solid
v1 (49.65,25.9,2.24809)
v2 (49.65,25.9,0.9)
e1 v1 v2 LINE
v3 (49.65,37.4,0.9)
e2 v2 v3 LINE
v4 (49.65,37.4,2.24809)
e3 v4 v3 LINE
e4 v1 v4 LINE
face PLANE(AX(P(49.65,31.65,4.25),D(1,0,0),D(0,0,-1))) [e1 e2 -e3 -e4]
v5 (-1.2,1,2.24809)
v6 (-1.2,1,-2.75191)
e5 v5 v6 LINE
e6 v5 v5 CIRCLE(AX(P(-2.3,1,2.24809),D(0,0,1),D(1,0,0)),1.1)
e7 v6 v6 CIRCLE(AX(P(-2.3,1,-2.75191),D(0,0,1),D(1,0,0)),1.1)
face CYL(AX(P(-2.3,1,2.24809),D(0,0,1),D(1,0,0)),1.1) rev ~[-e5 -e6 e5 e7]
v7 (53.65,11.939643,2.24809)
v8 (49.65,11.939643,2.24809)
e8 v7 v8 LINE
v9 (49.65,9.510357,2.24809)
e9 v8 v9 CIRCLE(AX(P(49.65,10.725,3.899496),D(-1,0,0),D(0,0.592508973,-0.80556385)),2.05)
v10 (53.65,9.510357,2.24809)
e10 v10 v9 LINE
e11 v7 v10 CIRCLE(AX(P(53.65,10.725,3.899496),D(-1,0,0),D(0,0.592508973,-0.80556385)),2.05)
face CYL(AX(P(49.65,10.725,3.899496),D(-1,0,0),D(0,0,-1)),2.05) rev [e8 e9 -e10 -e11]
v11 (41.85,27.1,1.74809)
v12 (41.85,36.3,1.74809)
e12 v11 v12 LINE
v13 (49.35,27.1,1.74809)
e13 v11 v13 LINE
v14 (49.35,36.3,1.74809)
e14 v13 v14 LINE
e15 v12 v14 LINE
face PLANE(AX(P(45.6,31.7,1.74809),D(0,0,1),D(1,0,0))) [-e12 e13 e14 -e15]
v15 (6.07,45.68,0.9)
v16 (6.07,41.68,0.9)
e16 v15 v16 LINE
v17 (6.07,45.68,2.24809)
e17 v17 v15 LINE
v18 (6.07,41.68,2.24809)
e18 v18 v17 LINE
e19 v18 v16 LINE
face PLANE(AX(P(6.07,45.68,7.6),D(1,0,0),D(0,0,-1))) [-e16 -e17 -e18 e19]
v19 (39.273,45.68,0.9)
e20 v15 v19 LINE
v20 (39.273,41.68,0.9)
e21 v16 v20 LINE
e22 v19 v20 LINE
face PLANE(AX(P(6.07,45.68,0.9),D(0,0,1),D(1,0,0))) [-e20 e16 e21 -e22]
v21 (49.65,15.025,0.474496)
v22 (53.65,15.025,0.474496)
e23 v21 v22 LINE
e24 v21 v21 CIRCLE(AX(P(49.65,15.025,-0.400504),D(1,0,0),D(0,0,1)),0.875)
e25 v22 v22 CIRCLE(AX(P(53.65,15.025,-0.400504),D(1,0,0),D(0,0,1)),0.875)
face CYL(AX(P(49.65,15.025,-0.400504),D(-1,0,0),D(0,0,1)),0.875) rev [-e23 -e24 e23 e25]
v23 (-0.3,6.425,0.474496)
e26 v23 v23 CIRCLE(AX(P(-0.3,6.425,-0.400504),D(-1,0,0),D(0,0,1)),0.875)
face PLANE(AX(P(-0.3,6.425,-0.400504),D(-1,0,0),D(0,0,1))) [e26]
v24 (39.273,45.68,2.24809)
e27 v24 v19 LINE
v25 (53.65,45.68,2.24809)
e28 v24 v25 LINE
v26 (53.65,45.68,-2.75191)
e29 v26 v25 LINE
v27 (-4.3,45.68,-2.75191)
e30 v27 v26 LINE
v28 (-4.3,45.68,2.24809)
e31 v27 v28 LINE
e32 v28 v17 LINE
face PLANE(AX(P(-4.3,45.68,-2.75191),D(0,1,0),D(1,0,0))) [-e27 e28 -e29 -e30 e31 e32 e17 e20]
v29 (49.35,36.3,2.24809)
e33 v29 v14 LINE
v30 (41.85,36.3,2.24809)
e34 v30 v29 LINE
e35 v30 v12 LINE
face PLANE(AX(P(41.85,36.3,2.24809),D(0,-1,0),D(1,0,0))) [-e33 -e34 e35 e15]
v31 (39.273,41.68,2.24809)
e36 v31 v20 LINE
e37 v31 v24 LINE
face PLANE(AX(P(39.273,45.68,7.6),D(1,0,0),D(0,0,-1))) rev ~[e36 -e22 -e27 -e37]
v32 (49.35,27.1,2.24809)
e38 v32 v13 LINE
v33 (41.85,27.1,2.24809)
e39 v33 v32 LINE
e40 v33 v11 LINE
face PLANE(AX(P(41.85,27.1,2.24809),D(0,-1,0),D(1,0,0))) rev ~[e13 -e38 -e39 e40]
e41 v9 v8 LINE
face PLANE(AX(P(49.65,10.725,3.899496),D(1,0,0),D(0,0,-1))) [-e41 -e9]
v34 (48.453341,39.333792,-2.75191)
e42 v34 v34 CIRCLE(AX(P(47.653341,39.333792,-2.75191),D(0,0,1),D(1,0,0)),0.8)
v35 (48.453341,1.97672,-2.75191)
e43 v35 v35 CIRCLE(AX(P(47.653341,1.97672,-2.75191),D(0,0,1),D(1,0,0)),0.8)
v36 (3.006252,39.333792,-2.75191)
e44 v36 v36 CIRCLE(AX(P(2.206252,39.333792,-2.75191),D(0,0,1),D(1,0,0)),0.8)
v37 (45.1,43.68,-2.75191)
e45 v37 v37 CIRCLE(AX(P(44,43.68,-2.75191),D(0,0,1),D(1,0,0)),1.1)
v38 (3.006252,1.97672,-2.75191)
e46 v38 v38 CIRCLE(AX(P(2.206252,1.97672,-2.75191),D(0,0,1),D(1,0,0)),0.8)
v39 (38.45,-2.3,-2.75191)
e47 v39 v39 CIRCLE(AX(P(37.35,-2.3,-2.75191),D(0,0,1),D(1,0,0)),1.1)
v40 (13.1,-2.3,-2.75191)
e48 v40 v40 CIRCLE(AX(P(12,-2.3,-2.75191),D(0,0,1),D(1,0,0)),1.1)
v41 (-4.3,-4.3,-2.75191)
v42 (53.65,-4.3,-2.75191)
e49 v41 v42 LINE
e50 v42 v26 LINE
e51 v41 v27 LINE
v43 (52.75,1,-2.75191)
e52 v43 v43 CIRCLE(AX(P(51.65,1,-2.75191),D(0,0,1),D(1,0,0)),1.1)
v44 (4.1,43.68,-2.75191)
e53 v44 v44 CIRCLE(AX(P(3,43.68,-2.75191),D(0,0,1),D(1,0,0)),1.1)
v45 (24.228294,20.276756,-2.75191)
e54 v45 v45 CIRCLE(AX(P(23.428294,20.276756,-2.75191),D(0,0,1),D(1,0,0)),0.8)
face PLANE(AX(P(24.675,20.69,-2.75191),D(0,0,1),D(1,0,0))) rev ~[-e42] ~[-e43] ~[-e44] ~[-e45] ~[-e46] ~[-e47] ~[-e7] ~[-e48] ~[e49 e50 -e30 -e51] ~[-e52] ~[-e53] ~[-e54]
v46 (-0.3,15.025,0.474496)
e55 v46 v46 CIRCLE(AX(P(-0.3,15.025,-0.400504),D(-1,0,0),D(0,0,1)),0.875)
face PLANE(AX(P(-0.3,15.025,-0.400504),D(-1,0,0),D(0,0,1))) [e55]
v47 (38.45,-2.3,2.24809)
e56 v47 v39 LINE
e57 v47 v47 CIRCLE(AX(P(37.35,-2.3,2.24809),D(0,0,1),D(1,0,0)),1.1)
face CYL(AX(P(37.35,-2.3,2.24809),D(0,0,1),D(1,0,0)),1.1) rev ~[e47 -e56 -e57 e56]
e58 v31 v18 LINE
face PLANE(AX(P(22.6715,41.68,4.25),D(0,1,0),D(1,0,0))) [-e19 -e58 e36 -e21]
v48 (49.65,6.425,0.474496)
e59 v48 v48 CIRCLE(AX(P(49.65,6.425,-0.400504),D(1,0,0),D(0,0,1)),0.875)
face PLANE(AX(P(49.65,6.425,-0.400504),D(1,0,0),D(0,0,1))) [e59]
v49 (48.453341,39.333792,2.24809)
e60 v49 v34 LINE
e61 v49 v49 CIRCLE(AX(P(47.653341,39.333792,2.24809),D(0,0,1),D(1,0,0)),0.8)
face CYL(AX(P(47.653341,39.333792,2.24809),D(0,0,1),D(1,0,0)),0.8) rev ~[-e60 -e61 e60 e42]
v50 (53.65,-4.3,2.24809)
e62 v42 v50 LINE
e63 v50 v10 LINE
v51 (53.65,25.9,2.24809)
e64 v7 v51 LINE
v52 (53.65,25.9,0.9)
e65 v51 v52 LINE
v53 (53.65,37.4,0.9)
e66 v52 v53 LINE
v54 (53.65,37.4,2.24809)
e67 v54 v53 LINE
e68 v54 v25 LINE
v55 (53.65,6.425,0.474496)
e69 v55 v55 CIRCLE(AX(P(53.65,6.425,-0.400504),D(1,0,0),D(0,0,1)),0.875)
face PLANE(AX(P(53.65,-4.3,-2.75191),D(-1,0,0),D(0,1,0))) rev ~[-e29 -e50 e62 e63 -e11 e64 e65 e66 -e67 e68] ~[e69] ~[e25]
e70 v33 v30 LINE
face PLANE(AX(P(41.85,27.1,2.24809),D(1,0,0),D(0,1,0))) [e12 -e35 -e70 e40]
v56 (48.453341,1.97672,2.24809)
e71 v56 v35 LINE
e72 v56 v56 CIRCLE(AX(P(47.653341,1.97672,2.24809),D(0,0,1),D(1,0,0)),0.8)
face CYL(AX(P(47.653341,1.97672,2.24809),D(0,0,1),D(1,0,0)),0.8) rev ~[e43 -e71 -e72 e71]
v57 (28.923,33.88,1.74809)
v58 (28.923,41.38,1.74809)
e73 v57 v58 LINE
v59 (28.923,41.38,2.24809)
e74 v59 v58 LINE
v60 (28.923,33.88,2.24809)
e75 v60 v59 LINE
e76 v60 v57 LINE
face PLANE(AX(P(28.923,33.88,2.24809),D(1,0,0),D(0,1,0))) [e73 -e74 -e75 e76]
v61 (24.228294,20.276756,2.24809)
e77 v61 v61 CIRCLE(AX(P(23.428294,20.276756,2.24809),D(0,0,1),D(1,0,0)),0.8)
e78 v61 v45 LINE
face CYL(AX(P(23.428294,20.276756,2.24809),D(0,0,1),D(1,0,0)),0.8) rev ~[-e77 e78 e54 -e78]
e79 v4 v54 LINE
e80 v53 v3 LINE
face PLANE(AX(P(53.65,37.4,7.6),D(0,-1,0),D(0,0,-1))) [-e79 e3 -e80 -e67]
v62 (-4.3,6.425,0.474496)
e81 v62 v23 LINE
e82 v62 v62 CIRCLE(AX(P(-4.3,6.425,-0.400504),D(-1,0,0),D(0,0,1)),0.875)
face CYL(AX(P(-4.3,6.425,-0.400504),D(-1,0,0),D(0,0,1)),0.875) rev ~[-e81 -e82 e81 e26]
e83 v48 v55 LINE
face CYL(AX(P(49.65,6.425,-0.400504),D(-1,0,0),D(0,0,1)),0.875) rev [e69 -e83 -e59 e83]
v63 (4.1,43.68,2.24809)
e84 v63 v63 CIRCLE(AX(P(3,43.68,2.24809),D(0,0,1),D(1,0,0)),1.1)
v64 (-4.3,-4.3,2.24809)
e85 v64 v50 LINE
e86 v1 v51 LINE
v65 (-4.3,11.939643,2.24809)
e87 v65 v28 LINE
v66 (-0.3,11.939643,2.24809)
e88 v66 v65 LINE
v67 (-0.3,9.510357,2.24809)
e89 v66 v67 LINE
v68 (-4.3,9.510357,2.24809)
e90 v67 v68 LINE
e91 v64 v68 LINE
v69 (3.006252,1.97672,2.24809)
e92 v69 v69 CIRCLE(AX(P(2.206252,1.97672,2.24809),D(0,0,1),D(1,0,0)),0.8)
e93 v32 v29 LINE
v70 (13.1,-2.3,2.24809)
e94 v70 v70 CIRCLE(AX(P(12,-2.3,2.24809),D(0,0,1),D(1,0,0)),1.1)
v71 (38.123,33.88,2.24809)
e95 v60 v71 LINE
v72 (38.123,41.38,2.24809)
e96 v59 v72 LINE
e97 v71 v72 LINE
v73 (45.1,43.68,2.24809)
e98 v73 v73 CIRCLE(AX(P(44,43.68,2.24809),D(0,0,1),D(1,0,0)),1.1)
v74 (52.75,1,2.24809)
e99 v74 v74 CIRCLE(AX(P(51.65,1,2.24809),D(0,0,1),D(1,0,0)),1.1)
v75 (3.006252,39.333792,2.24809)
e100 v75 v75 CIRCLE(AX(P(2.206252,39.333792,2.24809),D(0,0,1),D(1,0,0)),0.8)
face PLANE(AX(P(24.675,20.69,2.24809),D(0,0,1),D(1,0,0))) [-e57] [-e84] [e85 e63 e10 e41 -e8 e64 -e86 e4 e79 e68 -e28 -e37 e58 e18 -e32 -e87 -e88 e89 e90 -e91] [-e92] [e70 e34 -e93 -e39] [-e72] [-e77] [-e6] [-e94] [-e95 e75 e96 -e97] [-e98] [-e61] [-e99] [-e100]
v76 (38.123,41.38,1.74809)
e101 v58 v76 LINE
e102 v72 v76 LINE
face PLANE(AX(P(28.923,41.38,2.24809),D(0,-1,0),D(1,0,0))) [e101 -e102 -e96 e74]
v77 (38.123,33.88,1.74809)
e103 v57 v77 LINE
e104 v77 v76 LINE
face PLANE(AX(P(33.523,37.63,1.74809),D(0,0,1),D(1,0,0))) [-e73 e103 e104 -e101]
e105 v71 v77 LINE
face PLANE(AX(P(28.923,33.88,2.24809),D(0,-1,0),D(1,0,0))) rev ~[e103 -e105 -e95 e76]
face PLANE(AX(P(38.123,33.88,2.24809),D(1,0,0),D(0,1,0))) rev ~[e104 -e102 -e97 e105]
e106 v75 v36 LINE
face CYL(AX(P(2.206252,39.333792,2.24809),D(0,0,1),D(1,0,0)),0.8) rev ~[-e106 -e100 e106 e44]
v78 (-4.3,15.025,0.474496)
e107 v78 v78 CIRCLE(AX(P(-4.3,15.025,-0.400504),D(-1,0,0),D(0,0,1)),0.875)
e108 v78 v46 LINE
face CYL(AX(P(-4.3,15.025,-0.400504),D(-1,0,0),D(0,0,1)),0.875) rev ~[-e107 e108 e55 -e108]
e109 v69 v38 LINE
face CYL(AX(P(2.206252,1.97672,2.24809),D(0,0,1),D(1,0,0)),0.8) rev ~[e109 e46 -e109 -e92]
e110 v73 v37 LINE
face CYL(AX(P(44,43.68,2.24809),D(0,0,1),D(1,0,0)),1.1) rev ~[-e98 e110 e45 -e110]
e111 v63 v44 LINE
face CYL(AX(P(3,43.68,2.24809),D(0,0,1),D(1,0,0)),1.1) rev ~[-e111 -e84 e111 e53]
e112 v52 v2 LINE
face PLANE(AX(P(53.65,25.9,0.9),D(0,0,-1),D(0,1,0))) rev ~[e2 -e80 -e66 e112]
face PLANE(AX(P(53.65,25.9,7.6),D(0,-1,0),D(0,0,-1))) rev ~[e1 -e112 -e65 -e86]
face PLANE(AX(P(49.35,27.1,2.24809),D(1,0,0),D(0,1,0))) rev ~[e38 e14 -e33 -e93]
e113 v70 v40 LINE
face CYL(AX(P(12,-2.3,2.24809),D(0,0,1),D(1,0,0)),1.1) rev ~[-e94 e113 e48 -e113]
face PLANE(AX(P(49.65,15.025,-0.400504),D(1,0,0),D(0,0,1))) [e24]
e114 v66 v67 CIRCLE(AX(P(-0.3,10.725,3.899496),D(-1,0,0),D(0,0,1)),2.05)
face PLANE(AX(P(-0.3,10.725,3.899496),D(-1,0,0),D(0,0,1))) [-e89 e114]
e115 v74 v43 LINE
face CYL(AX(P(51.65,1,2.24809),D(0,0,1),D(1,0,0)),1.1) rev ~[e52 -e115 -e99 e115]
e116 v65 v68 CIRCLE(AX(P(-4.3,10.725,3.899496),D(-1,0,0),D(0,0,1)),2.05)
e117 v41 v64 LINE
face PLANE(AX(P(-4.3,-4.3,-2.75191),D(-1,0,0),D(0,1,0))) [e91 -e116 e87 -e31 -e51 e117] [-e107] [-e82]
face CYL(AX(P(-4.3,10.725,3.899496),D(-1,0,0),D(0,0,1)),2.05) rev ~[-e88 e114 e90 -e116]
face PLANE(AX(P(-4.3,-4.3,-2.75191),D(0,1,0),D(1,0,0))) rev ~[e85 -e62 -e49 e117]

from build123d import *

# Parameters (mm, degrees)
MAIN_STOCK_START                 = -2.751909566
SKETCH_1_W                       = 57.95
SKETCH_1_H                       = 49.98
MAIN_STOCK_DEPTH                 = 5
SKETCH_2_R                       = 1.1
FRAME_6XD2P2_THROUGH_DEPTH       = 71.63982517
SKETCH_3_R                       = 0.8
PCB_5XD1P6_M2_THROUGH_DEPTH      = 71.63982517
SKETCH_4_R                       = 2.05
SMA_L_CENTER_MATCHING_ARC_DEPTH  = 4
SKETCH_5_R                       = 0.875
SMA_L_LOWER_2XD1P75_BLIND4_DEPTH = 4
SMA_R_CENTER_MATCHING_ARC_START  = -4
SKETCH_6_R                       = 2.05
SMA_R_CENTER_MATCHING_ARC_DEPTH  = 4
SMA_R_LOWER_2XD1P75_BLIND4_START = -4
SKETCH_7_R                       = 0.875
SMA_R_LOWER_2XD1P75_BLIND4_DEPTH = 4
SKETCH_8_W                       = 6.7
SKETCH_8_H                       = 11.5
RIGHT_TYPEC_WINDOW_LOWER_DEPTH   = 4
SKETCH_9_W                       = 33.203
SKETCH_9_H                       = 6.7
REAR_WINDOW_LOWER_DEPTH          = 4
SKETCH_10_W                      = 7.5
SKETCH_10_H                      = 9.2
TYPEC_BOTTOM_RECESS_A_DEPTH      = 0.5
SKETCH_11_W                      = 9.2
SKETCH_11_H                      = 7.5
TYPEC_BOTTOM_RECESS_B_DEPTH      = 0.5


with BuildPart() as part:
    # 草图1 → Main_Stock (new body)
    with BuildSketch(Plane.XY.offset(MAIN_STOCK_START)):
        with Locations((24.675, 20.69)):
            Rectangle(SKETCH_1_W, SKETCH_1_H)
    extrude(amount=MAIN_STOCK_DEPTH)

    # 草图2 → Frame_6xD2p2_Through (cut, through all)
    with BuildSketch(Plane.XY.offset(2.248090434)):
        with Locations((-2.3, 1)):
            Circle(SKETCH_2_R)
        with Locations((51.65, 1)):
            Circle(SKETCH_2_R)
        with Locations((12, -2.3)):
            Circle(SKETCH_2_R)
        with Locations((37.35, -2.3)):
            Circle(SKETCH_2_R)
        with Locations((3, 43.68)):
            Circle(SKETCH_2_R)
        with Locations((44, 43.68)):
            Circle(SKETCH_2_R)
    extrude(amount=-FRAME_6XD2P2_THROUGH_DEPTH, mode=Mode.SUBTRACT)

    # 草图3 → PCB_5xD1p6_M2_Through (cut, through all)
    with BuildSketch(Plane.XY.offset(2.248090434)):
        with Locations((23.428293927, 20.276755792)):
            Circle(SKETCH_3_R)
        with Locations((2.206251763, 39.333791606)):
            Circle(SKETCH_3_R)
        with Locations((47.653340917, 39.333791606)):
            Circle(SKETCH_3_R)
        with Locations((47.653340917, 1.976720232)):
            Circle(SKETCH_3_R)
        with Locations((2.206251763, 1.976720232)):
            Circle(SKETCH_3_R)
    extrude(amount=-PCB_5XD1P6_M2_THROUGH_DEPTH, mode=Mode.SUBTRACT)

    # 草图4 → SMA_L_Center_Matching_Arc (cut)
    with BuildSketch(Plane.ZY.offset(4.3)):
        with Locations((3.899496327, 10.725)):
            Circle(SKETCH_4_R)
    extrude(amount=-SMA_L_CENTER_MATCHING_ARC_DEPTH, mode=Mode.SUBTRACT)

    # 草图5 → SMA_L_Lower_2xD1p75_Blind4 (cut)
    with BuildSketch(Plane.ZY.offset(4.3)):
        with Locations((-0.400503673, 6.425)):
            Circle(SKETCH_5_R)
        with Locations((-0.400503673, 15.025)):
            Circle(SKETCH_5_R)
    extrude(amount=-SMA_L_LOWER_2XD1P75_BLIND4_DEPTH, mode=Mode.SUBTRACT)

    # 草图6 → SMA_R_Center_Matching_Arc (cut)
    with BuildSketch(Plane(origin=(53.65, 0, 0), x_dir=(0, 0, -1), z_dir=(1, 0, 0)).offset(SMA_R_CENTER_MATCHING_ARC_START)):
        with Locations((-3.899496327, 10.725)):
            Circle(SKETCH_6_R)
    extrude(amount=SMA_R_CENTER_MATCHING_ARC_DEPTH, mode=Mode.SUBTRACT)

    # 草图7 → SMA_R_Lower_2xD1p75_Blind4 (cut)
    with BuildSketch(Plane(origin=(53.65, 0, 0), x_dir=(0, 0, -1), z_dir=(1, 0, 0)).offset(SMA_R_LOWER_2XD1P75_BLIND4_START)):
        with Locations(Location((0.400503673, 6.425, 0), (0, 0, 180))):
            Circle(SKETCH_7_R)
        with Locations(Location((0.400503673, 15.025, 0), (0, 0, 180))):
            Circle(SKETCH_7_R)
    extrude(amount=SMA_R_LOWER_2XD1P75_BLIND4_DEPTH, mode=Mode.SUBTRACT)

    # 草图8 → Right_TypeC_Window_Lower (cut)
    with BuildSketch(Plane(origin=(53.65, 0, 0), x_dir=(0, 0, -1), z_dir=(1, 0, 0))):
        with Locations((-4.25, 31.65)):
            Rectangle(SKETCH_8_W, SKETCH_8_H)
    extrude(amount=-RIGHT_TYPEC_WINDOW_LOWER_DEPTH, mode=Mode.SUBTRACT)

    # 草图9 → Rear_Window_Lower (cut)
    with BuildSketch(Plane(origin=(0, 45.68, 0), x_dir=(1, 0, 0), z_dir=(0, 1, 0))):
        with Locations((22.6715, -4.25)):
            Rectangle(SKETCH_9_W, SKETCH_9_H)
    extrude(amount=-REAR_WINDOW_LOWER_DEPTH, mode=Mode.SUBTRACT)

    # 草图10 → TypeC_Bottom_Recess_A (cut)
    with BuildSketch(Plane.XY.offset(2.248090434)):
        with Locations((45.6, 31.7)):
            Rectangle(SKETCH_10_W, SKETCH_10_H)
    extrude(amount=-TYPEC_BOTTOM_RECESS_A_DEPTH, mode=Mode.SUBTRACT)

    # 草图11 → TypeC_Bottom_Recess_B (cut)
    with BuildSketch(Plane.XY.offset(2.248090434)):
        with Locations((33.523, 37.63)):
            Rectangle(SKETCH_11_W, SKETCH_11_H)
    extrude(amount=-TYPEC_BOTTOM_RECESS_B_DEPTH, mode=Mode.SUBTRACT)


solid = part.part
